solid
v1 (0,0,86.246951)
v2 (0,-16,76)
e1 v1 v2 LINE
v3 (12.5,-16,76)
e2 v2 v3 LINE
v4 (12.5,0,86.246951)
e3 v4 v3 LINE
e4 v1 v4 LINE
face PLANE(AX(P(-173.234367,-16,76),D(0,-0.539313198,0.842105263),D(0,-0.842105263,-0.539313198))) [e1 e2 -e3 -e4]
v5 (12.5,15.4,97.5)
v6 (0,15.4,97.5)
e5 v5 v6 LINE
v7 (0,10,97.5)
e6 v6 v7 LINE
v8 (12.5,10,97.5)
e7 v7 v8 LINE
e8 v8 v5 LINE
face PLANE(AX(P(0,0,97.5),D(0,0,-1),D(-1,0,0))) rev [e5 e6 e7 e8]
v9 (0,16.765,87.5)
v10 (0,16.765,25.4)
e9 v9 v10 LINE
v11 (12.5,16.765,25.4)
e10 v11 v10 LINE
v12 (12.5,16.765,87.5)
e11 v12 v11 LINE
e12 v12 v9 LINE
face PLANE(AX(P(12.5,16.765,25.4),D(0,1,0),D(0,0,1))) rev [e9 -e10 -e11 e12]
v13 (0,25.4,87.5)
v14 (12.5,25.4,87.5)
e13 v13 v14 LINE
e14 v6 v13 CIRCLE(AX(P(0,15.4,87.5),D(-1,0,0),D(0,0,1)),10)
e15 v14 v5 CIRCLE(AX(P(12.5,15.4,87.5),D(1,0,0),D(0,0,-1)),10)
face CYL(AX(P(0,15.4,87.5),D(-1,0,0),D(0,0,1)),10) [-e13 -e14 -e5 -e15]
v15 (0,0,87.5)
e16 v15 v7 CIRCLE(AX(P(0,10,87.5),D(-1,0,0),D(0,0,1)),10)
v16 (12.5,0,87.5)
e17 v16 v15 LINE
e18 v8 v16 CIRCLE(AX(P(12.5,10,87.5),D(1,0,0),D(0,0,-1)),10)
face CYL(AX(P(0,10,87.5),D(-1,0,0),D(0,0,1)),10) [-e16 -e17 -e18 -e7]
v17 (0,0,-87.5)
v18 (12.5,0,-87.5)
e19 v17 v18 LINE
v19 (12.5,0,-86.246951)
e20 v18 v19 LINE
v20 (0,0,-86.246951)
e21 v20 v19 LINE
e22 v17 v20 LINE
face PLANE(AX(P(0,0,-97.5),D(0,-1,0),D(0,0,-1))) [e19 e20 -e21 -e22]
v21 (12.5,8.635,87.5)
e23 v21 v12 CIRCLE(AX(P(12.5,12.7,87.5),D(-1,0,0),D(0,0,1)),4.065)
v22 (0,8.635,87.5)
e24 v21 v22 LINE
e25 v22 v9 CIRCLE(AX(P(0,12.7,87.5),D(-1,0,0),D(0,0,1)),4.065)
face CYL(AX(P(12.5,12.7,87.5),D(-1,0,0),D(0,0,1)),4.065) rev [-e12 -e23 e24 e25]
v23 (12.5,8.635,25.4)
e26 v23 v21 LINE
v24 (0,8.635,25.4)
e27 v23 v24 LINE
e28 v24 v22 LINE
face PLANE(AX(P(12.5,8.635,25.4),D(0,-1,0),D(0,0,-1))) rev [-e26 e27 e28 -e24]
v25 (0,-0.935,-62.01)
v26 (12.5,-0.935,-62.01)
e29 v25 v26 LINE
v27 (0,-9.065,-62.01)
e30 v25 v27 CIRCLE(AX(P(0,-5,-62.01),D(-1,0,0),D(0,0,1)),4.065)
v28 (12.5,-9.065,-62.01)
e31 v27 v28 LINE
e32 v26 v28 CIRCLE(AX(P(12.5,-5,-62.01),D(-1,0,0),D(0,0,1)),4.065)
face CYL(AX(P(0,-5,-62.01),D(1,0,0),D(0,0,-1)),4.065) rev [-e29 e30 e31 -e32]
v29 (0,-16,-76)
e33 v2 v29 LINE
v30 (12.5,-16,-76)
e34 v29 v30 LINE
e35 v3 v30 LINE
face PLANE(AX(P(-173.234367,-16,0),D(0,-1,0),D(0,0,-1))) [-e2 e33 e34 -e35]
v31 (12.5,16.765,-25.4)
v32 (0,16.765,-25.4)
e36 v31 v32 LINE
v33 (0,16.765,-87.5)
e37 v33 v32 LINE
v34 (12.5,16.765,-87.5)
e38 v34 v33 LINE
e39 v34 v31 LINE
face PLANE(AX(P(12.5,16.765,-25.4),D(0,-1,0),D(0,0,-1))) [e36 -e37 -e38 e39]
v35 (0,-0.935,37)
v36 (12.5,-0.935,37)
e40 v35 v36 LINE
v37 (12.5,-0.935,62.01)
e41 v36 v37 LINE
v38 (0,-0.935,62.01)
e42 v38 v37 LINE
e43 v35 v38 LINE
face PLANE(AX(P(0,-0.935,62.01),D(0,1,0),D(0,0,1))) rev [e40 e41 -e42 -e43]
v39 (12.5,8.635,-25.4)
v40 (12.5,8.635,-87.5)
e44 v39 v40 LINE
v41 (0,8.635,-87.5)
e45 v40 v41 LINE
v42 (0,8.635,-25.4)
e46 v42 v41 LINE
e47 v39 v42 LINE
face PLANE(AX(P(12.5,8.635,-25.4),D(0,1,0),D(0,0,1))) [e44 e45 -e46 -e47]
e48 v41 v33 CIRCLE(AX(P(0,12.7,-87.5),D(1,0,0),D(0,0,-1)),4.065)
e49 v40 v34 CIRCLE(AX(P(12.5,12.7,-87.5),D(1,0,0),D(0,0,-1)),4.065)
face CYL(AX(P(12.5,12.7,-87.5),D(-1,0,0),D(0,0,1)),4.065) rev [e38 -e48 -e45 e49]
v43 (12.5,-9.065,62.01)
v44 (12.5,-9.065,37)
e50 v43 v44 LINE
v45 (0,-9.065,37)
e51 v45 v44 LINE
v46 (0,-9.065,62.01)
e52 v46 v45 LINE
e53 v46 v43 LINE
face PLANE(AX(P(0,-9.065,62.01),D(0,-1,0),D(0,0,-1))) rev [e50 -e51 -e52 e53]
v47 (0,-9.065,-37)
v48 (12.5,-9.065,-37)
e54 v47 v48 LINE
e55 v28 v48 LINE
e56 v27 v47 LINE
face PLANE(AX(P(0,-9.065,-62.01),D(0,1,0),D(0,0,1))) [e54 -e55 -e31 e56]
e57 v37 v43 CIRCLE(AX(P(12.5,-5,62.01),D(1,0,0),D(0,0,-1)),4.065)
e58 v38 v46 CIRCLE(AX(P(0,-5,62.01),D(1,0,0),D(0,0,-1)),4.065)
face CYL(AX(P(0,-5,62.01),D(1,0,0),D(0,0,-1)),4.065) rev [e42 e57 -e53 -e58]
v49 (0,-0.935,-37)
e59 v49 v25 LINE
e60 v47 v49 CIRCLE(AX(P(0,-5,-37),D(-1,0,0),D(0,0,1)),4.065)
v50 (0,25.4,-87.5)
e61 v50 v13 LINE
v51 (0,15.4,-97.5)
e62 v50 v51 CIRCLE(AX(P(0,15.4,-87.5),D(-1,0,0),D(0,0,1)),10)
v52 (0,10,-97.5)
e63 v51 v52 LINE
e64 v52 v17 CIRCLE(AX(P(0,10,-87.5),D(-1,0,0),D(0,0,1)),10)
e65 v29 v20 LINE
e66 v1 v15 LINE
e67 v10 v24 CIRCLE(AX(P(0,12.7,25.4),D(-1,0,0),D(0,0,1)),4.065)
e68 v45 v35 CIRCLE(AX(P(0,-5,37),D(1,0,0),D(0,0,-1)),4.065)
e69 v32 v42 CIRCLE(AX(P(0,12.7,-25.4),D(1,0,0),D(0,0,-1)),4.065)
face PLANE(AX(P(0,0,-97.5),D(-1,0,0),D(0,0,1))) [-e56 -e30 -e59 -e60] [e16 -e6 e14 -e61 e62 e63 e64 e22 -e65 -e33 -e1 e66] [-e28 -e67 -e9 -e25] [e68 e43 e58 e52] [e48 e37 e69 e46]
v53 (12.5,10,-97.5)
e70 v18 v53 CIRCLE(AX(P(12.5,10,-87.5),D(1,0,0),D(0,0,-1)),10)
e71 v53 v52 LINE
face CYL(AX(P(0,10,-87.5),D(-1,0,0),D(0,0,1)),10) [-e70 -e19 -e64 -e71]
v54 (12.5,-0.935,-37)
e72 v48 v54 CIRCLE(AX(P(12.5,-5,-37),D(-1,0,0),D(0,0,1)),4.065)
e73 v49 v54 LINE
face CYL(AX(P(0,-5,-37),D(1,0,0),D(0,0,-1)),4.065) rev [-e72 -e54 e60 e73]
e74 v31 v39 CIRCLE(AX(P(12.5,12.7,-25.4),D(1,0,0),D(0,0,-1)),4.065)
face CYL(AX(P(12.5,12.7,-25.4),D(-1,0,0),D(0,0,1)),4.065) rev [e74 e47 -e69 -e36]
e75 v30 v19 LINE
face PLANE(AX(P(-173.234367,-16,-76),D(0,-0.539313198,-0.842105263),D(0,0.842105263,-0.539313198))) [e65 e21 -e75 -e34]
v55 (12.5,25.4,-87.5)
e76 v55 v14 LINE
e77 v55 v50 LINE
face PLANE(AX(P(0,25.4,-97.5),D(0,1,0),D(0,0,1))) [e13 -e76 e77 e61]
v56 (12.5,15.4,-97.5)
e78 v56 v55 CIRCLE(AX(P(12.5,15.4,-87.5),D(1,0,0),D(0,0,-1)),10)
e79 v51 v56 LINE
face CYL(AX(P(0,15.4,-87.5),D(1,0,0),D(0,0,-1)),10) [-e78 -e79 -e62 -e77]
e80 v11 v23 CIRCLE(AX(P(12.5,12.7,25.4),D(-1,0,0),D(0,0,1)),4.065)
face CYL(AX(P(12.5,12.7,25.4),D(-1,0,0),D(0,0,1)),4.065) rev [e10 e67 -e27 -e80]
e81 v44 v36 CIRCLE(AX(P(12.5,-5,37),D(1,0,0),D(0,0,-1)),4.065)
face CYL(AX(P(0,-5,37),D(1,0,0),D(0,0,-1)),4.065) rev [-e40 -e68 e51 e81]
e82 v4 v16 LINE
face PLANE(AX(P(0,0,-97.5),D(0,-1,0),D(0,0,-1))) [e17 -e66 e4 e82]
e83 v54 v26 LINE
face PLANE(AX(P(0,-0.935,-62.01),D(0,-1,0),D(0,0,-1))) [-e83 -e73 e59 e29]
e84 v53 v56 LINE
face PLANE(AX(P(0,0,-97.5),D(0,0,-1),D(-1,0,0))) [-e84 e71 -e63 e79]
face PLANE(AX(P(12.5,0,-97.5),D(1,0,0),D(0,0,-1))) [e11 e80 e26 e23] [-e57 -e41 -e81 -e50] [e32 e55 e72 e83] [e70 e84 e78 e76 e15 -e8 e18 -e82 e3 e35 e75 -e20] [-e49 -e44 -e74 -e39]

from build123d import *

# Parameters (mm, degrees)
BOSS_EXTRU_1_DEPTH      = 97.5
BOSS_EXTRU_1_DEPTH_BACK = 97.5
ESQUISSE1_W             = 12.5
ESQUISSE1_H             = 25.4
ENL_V_MAT_EXTRU_1_DEPTH = 102.526646749
CONG_1_R                = 10
CONG_2_R                = 10
CONG_3_R                = 10
CONG_4_R                = 10
BOSS_EXTRU_4_DEPTH      = 12.5
ENL_V_MAT_EXTRU_2_DEPTH = 102.526646749


with BuildPart() as part:
    # Esquisse1 → Boss.-Extru.1 (new, two sides: drawn at the far end of the back side and taken through both)
    with BuildSketch(Plane.XY.offset(-BOSS_EXTRU_1_DEPTH_BACK)):
        with Locations((6.25, 12.7)):
            Rectangle(ESQUISSE1_W, ESQUISSE1_H)
    extrude(amount=BOSS_EXTRU_1_DEPTH + BOSS_EXTRU_1_DEPTH_BACK)

    # Esquisse3 → Enlèv. mat.-Extru.1 (cut, through all)
    with BuildSketch(Plane.ZY):
        with BuildLine():
            Line((25.4, 16.765), (87.5, 16.765))
            ThreePointArc((87.5, 16.765), (91.565, 12.7), (87.5, 8.635))
            Line((87.5, 8.635), (25.4, 8.635))
            ThreePointArc((25.4, 8.635), (21.335, 12.7), (25.4, 16.765))
        make_face()
    enl_v_mat_extru_1 = extrude(amount=-ENL_V_MAT_EXTRU_1_DEPTH, mode=Mode.SUBTRACT)

    # Symétrie1: Enlèv. mat.-Extru.1 across plane
    add(enl_v_mat_extru_1.mirror(Plane.XY), mode=Mode.SUBTRACT)

    # Congé1
    cong_1_edges = [part.edges().sort_by_distance(p)[0] for p in [
        (6.25, 0, -97.5),
    ]]
    fillet(cong_1_edges, radius=CONG_1_R)

    # Congé2
    cong_2_edges = [part.edges().sort_by_distance(p)[0] for p in [
        (6.25, 25.4, -97.5),
    ]]
    fillet(cong_2_edges, radius=CONG_2_R)

    # Congé3
    cong_3_edges = [part.edges().sort_by_distance(p)[0] for p in [
        (6.25, 0, 97.5),
    ]]
    fillet(cong_3_edges, radius=CONG_3_R)

    # Congé4
    cong_4_edges = [part.edges().sort_by_distance(p)[0] for p in [
        (6.25, 25.4, 97.5),
    ]]
    fillet(cong_4_edges, radius=CONG_4_R)

    # Esquisse4 → Boss.-Extru.4 (add)
    with BuildSketch(Plane(origin=(12.5, 0, 0), x_dir=(0, 0, -1), z_dir=(1, 0, 0))):
        Polygon((0, 0), (-56.566309771, 0), (-86.246950766, 0), (-76, -16), (0, -16), (76, -16), (86.246950766, 0), (56.566309771, 0), align=None)
    extrude(amount=-BOSS_EXTRU_4_DEPTH)

    # Esquisse5 → Enlèv. mat.-Extru.2 (cut, through all)
    with BuildSketch(Plane(origin=(12.5, 0, 0), x_dir=(0, 0, -1), z_dir=(1, 0, 0))):
        with BuildLine():
            Line((-62.01, -0.935), (-37, -0.935))
            ThreePointArc((-37, -0.935), (-32.935, -5), (-37, -9.065))
            Line((-37, -9.065), (-62.01, -9.065))
            ThreePointArc((-62.01, -9.065), (-66.075, -5), (-62.01, -0.935))
        make_face()
    enl_v_mat_extru_2 = extrude(amount=-ENL_V_MAT_EXTRU_2_DEPTH, mode=Mode.SUBTRACT)

    # Symétrie2: Enlèv. mat.-Extru.2 across plane
    add(enl_v_mat_extru_2.mirror(Plane.XY), mode=Mode.SUBTRACT)


solid = part.part
